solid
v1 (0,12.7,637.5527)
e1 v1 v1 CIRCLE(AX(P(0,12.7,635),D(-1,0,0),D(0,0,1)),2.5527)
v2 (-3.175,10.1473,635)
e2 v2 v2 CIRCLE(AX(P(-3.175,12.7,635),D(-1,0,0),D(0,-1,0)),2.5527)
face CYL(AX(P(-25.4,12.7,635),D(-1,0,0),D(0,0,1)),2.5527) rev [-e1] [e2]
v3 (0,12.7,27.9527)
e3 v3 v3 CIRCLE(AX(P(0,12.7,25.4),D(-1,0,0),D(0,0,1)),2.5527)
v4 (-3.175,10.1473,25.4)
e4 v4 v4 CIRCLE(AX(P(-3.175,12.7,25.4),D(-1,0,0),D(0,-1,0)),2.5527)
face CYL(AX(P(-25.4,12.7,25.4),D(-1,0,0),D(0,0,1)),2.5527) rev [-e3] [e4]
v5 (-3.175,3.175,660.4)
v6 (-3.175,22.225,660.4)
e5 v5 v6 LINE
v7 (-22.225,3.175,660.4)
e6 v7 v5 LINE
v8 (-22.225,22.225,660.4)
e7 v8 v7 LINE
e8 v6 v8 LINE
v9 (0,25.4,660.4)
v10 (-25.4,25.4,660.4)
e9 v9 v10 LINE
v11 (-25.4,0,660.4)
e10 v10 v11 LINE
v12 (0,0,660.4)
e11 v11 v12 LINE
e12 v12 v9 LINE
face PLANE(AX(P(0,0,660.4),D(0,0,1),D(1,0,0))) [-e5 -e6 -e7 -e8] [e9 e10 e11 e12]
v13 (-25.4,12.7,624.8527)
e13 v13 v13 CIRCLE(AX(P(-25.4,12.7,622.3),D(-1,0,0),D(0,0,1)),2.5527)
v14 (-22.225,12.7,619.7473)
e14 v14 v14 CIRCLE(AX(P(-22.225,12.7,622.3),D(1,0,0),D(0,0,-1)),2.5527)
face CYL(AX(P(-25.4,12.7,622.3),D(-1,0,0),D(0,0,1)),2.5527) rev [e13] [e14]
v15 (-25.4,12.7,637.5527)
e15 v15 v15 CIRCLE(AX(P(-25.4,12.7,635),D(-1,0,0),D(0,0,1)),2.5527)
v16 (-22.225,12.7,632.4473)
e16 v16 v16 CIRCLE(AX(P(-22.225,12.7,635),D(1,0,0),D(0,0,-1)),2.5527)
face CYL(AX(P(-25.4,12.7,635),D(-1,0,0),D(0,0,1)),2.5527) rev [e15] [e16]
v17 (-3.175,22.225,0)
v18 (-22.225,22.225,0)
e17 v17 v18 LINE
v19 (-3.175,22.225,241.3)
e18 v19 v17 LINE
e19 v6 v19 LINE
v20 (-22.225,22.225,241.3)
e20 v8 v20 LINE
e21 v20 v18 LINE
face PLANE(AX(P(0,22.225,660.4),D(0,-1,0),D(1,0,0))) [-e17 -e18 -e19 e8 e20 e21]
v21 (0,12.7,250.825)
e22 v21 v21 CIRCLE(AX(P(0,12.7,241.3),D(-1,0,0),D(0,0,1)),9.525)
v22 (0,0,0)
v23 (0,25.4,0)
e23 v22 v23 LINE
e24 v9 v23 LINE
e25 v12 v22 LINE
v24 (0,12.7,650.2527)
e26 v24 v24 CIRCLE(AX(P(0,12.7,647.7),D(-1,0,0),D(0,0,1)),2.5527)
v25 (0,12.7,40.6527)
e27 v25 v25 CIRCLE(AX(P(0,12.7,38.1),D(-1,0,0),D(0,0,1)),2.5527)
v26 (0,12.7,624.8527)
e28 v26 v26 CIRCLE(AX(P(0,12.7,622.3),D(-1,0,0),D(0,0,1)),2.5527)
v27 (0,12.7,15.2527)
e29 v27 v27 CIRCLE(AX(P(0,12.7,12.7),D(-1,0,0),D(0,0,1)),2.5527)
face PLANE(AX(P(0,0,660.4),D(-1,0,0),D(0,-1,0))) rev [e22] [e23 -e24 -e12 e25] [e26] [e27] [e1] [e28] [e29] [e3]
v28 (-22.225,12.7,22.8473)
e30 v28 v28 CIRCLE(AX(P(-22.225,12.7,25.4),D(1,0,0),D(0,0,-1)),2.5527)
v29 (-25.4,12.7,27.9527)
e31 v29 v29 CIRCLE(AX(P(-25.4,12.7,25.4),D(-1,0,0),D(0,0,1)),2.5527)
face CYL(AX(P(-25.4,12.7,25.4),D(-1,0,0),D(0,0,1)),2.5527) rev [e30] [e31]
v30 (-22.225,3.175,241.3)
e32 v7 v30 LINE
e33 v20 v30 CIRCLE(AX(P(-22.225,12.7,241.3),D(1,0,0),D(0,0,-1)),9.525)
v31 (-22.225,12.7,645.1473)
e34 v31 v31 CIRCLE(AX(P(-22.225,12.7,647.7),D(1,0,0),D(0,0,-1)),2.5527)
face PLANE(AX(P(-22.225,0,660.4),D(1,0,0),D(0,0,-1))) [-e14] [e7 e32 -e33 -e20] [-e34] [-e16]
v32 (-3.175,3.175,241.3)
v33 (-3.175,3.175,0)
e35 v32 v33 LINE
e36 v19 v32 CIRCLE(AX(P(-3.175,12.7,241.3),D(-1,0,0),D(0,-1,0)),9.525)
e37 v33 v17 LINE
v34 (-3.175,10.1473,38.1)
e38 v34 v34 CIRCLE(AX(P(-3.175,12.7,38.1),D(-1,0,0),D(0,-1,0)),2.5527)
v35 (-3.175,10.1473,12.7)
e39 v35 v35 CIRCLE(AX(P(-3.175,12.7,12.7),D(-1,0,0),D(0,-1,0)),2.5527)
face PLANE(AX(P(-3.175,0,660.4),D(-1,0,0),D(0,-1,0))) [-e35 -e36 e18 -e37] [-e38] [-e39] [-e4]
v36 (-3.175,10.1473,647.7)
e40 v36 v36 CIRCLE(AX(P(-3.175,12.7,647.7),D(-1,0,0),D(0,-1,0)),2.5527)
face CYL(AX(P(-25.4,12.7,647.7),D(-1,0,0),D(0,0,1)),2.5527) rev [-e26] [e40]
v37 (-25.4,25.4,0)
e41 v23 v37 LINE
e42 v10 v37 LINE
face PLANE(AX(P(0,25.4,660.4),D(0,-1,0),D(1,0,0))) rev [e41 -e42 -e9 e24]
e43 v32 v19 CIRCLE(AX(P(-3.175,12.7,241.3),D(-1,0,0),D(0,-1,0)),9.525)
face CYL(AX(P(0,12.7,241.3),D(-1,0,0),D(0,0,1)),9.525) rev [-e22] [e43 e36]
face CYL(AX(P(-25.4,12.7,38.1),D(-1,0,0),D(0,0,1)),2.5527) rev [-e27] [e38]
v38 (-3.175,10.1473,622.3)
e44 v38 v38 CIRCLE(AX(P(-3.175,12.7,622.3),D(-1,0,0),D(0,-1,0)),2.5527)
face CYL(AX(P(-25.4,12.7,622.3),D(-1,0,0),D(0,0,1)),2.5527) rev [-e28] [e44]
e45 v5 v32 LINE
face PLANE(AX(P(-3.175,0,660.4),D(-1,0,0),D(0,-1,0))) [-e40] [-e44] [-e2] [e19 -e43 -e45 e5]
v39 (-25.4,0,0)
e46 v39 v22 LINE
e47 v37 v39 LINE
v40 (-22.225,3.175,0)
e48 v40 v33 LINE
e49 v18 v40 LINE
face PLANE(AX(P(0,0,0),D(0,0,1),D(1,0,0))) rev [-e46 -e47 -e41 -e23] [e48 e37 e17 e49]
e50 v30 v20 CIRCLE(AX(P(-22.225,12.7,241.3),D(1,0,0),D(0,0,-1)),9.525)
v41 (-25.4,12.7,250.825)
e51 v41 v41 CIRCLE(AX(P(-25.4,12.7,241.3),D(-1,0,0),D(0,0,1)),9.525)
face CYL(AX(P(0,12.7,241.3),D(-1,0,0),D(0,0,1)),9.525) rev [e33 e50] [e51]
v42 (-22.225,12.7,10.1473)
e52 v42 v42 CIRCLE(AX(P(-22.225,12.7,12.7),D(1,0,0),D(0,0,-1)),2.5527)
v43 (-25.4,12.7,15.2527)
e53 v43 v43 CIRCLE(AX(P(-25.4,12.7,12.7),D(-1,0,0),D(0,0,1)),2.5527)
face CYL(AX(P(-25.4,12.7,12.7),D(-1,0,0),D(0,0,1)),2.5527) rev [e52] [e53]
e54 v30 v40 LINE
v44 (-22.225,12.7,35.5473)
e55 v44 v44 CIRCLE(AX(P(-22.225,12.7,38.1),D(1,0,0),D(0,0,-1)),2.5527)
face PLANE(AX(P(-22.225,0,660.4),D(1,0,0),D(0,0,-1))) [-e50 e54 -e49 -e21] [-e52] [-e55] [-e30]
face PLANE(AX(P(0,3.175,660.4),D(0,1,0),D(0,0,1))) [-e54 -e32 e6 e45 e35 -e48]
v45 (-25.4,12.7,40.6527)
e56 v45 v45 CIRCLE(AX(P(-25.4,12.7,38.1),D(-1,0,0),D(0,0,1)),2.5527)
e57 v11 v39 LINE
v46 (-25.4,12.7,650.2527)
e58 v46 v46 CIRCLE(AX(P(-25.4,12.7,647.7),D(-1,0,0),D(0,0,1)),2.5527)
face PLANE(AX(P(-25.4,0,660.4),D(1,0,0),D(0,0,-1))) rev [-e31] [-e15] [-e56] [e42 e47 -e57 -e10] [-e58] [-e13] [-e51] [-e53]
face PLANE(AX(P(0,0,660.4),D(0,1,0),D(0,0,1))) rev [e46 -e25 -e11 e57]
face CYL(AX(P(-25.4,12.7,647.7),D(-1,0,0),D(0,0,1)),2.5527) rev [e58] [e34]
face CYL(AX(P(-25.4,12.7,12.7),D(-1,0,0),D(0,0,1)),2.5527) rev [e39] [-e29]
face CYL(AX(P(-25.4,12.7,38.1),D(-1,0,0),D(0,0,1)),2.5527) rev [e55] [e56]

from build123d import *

# Parameters (mm, degrees)
SKETCH1_W              = 25.4
SKETCH1_H              = 25.4
SKETCH1_W_2            = 19.05
SKETCH1_H_2            = 19.05
EXTRUDE_THIN1_DEPTH    = 660.4
SKETCH4_R              = 9.525
CUT_EXTRUDE1_DEPTH     = 662.376201568
F_10_CLEARANCE_HOLE2_D = 5.1054
F_10_CLEARANCE_HOLE3_D = 5.1054


with BuildPart() as part:
    # Sketch1 → Extrude-Thin1 (new body)
    with BuildSketch(Plane.XY):
        with Locations((-12.7, 12.7)):
            Rectangle(SKETCH1_W, SKETCH1_H)
        with Locations((-12.7, 12.7)):
            Rectangle(SKETCH1_W_2, SKETCH1_H_2, mode=Mode.SUBTRACT)
    extrude(amount=EXTRUDE_THIN1_DEPTH)

    # Sketch4 → Cut-Extrude1 (cut, through all)
    with BuildSketch(Plane.ZY.offset(25.4)):
        with Locations((241.3, 12.7)):
            Circle(SKETCH4_R)
    extrude(amount=-CUT_EXTRUDE1_DEPTH, mode=Mode.SUBTRACT)

    # #10 Clearance Hole2 (through all)
    with Locations(Plane.ZY.offset(25.4)):
        with Locations((12.7, 12.7), (25.4, 12.7), (38.1, 12.7)):
            Hole(F_10_CLEARANCE_HOLE2_D / 2)

    # #10 Clearance Hole3 (through all)
    with Locations(Plane.ZY.offset(25.4)):
        with Locations((622.3, 12.7), (635, 12.7), (647.7, 12.7)):
            Hole(F_10_CLEARANCE_HOLE3_D / 2)


solid = part.part
